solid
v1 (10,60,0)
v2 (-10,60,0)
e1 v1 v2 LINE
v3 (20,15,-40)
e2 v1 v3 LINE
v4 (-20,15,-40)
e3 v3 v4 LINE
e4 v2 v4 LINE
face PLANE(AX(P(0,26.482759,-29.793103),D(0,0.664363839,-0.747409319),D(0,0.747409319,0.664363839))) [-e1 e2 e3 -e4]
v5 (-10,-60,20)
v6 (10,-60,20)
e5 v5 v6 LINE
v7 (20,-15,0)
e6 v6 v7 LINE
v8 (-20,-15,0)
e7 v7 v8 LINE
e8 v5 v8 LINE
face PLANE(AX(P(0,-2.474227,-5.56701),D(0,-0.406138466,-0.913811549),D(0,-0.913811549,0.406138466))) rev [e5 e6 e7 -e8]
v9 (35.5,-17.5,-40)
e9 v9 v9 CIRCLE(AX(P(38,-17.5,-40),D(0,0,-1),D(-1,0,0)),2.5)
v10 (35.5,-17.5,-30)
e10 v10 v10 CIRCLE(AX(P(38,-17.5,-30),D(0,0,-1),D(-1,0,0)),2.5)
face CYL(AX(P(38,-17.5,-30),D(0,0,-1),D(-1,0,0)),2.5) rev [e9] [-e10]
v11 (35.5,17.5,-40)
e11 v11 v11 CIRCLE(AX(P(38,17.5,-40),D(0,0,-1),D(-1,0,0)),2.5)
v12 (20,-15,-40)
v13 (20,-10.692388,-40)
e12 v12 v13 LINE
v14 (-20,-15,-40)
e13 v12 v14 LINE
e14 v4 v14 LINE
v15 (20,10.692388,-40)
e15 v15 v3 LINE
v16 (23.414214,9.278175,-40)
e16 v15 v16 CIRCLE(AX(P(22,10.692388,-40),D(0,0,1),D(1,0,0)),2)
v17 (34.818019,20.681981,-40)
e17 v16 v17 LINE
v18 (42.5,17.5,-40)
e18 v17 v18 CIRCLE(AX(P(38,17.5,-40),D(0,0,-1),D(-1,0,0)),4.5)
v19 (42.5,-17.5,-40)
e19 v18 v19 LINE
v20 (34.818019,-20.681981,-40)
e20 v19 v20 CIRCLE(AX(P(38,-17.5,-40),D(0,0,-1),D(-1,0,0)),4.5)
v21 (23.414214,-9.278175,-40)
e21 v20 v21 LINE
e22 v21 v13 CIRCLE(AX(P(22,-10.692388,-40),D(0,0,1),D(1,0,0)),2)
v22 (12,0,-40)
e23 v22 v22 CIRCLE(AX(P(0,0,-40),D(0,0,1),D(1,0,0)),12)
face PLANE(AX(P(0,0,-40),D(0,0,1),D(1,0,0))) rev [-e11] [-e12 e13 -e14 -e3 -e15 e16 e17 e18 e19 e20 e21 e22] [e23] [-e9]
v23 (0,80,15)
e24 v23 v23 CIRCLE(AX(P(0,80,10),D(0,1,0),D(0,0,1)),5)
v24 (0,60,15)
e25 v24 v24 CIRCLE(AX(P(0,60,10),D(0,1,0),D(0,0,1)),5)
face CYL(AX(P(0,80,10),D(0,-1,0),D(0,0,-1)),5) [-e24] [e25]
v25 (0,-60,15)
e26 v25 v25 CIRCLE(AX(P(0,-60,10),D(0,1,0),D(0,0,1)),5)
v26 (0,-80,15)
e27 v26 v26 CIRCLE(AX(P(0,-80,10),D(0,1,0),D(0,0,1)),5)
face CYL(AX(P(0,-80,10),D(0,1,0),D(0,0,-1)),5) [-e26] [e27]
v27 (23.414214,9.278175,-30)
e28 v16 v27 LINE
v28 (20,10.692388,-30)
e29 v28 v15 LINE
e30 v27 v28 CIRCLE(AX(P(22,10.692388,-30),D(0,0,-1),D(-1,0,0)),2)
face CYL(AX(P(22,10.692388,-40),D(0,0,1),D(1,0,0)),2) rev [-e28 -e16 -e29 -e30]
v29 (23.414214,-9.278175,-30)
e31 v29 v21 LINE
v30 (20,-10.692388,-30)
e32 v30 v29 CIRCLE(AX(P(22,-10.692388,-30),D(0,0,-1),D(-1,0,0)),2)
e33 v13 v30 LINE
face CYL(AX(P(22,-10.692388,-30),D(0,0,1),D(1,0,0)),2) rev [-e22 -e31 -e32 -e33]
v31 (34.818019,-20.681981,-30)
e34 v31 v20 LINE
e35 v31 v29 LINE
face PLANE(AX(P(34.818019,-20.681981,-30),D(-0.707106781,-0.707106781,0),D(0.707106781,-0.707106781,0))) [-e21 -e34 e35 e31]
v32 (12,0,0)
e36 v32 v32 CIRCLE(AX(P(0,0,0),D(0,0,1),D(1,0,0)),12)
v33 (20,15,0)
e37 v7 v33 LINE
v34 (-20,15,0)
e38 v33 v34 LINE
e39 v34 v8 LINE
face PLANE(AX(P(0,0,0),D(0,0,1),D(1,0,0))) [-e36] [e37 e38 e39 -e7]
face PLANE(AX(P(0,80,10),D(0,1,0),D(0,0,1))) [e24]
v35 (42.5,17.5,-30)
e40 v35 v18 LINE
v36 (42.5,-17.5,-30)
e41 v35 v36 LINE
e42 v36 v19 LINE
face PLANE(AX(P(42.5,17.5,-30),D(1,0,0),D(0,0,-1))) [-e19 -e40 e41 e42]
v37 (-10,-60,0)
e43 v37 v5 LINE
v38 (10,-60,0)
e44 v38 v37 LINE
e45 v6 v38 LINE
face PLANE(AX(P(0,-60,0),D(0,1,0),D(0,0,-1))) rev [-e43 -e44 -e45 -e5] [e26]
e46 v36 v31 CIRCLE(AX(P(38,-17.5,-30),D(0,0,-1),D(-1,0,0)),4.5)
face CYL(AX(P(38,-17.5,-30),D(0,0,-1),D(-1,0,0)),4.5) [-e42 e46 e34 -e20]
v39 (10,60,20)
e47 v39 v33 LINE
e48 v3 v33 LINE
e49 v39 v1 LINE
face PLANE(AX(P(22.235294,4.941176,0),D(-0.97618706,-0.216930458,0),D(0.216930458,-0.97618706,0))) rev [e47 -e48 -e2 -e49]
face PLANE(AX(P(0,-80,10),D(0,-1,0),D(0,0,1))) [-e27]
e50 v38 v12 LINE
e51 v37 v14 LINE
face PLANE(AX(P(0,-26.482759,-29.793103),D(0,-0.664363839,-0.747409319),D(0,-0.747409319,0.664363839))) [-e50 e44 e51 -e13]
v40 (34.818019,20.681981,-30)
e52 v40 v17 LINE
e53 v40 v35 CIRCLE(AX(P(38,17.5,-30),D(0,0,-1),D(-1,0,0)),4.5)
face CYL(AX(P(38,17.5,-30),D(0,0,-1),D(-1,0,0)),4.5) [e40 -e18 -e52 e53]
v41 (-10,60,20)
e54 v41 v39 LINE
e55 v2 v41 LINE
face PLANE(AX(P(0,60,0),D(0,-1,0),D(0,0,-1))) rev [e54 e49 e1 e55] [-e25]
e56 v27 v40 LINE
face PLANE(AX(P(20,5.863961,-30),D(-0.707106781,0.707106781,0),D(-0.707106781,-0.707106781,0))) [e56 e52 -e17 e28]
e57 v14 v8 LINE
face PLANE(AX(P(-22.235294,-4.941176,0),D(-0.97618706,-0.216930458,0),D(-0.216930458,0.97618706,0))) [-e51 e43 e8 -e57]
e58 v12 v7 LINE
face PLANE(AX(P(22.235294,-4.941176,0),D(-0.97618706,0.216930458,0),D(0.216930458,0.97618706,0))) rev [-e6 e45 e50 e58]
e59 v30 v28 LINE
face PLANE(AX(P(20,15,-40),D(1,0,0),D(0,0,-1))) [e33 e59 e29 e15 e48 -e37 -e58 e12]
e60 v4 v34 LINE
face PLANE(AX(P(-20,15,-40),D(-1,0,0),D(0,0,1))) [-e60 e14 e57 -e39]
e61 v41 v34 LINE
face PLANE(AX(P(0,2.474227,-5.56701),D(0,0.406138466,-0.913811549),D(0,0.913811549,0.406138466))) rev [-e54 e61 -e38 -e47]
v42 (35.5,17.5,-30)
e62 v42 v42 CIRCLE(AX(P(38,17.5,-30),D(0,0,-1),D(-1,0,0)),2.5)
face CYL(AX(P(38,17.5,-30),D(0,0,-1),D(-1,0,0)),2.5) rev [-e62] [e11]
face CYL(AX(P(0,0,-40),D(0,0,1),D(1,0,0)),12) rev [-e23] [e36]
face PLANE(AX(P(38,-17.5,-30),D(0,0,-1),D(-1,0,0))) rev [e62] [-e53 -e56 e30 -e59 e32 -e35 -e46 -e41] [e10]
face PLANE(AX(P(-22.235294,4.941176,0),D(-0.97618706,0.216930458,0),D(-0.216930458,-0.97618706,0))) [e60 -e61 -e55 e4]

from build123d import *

# Parameters (mm, degrees)
ESQUISSE1_W        = 40
ESQUISSE1_H        = 30
ESQUISSE1_R        = 12
BOSS_EXTRU_1_DEPTH = 40
ESQUISSE3_R        = 5
BOSS_EXTRU_2_DEPTH = 20
ESQUISSE4_R        = 2.5
BOSS_EXTRU_3_DEPTH = 10
CONG_1_R           = 2
CONG_2_R           = 2


with BuildPart() as part:
    # Esquisse1 → Boss.-Extru.1 (new body)
    with BuildSketch(Plane.XY):
        Rectangle(ESQUISSE1_W, ESQUISSE1_H)
        Circle(ESQUISSE1_R, mode=Mode.SUBTRACT)
    extrude(amount=-BOSS_EXTRU_1_DEPTH)

    # Esquisse2 → section 0 of lissage1
    with BuildSketch(Plane(origin=(0, 60, 0), x_dir=(1, 0, 0), z_dir=(0, 1, 0)), mode=Mode.PRIVATE) as lissage1_s0:
        with BuildLine():
            Line((10, 0), (-10, 0))
            Line((-10, 0), (-10, -20))
            Line((-10, -20), (10, -20))
            Line((10, -20), (10, 0))
        make_face()
    # loft up to a face of the part (lissage1)
    loft([lissage1_s0.sketch, part.faces().sort_by_distance((0, 15, -20))[0]])

    # Esquisse3 → Boss.-Extru.2 (add)
    with BuildSketch(Plane(origin=(0, 60, 0), x_dir=(1, 0, 0), z_dir=(0, 1, 0))):
        with Locations(Location((0, -10, 0), (0, 0, 270))):
            Circle(ESQUISSE3_R)
    extrude(amount=BOSS_EXTRU_2_DEPTH)

    # Symétrie7: part across plane


with BuildPart() as part_1:
    add(part.part)
    add(part.part.mirror(Plane.ZX))

    # Esquisse4 → Boss.-Extru.3 (add)
    with BuildSketch(Plane(origin=(0, 0, -40), x_dir=(-1, 0, 0), z_dir=(0, 0, -1))):
        with BuildLine():
            Line((-20, 5.863961031), (-34.818019485, 20.681980515))
            ThreePointArc((-34.818019485, 20.681980515), (-39.722075446, 21.657457896), (-42.5, 17.5))
            Line((-42.5, 17.5), (-42.5, -17.5))
            ThreePointArc((-42.5, -17.5), (-39.722075446, -21.657457896), (-34.818019485, -20.681980515))
            Line((-34.818019485, -20.681980515), (-20, -5.863961031))
            Line((-20, -5.863961031), (-20, 5.863961031))
        make_face()
        with Locations((-38, 17.5)):
            Circle(ESQUISSE4_R, mode=Mode.SUBTRACT)
        with Locations((-38, -17.5)):
            Circle(ESQUISSE4_R, mode=Mode.SUBTRACT)
    extrude(amount=-BOSS_EXTRU_3_DEPTH)

    # Congé1
    cong_1_edges = [part_1.edges().sort_by_distance(p)[0] for p in [
        (20, 5.863961031, -35),
    ]]
    fillet(cong_1_edges, radius=CONG_1_R)

    # Congé2
    cong_2_edges = [part_1.edges().sort_by_distance(p)[0] for p in [
        (20, -5.863961031, -35),
    ]]
    fillet(cong_2_edges, radius=CONG_2_R)


solid = part_1.part
